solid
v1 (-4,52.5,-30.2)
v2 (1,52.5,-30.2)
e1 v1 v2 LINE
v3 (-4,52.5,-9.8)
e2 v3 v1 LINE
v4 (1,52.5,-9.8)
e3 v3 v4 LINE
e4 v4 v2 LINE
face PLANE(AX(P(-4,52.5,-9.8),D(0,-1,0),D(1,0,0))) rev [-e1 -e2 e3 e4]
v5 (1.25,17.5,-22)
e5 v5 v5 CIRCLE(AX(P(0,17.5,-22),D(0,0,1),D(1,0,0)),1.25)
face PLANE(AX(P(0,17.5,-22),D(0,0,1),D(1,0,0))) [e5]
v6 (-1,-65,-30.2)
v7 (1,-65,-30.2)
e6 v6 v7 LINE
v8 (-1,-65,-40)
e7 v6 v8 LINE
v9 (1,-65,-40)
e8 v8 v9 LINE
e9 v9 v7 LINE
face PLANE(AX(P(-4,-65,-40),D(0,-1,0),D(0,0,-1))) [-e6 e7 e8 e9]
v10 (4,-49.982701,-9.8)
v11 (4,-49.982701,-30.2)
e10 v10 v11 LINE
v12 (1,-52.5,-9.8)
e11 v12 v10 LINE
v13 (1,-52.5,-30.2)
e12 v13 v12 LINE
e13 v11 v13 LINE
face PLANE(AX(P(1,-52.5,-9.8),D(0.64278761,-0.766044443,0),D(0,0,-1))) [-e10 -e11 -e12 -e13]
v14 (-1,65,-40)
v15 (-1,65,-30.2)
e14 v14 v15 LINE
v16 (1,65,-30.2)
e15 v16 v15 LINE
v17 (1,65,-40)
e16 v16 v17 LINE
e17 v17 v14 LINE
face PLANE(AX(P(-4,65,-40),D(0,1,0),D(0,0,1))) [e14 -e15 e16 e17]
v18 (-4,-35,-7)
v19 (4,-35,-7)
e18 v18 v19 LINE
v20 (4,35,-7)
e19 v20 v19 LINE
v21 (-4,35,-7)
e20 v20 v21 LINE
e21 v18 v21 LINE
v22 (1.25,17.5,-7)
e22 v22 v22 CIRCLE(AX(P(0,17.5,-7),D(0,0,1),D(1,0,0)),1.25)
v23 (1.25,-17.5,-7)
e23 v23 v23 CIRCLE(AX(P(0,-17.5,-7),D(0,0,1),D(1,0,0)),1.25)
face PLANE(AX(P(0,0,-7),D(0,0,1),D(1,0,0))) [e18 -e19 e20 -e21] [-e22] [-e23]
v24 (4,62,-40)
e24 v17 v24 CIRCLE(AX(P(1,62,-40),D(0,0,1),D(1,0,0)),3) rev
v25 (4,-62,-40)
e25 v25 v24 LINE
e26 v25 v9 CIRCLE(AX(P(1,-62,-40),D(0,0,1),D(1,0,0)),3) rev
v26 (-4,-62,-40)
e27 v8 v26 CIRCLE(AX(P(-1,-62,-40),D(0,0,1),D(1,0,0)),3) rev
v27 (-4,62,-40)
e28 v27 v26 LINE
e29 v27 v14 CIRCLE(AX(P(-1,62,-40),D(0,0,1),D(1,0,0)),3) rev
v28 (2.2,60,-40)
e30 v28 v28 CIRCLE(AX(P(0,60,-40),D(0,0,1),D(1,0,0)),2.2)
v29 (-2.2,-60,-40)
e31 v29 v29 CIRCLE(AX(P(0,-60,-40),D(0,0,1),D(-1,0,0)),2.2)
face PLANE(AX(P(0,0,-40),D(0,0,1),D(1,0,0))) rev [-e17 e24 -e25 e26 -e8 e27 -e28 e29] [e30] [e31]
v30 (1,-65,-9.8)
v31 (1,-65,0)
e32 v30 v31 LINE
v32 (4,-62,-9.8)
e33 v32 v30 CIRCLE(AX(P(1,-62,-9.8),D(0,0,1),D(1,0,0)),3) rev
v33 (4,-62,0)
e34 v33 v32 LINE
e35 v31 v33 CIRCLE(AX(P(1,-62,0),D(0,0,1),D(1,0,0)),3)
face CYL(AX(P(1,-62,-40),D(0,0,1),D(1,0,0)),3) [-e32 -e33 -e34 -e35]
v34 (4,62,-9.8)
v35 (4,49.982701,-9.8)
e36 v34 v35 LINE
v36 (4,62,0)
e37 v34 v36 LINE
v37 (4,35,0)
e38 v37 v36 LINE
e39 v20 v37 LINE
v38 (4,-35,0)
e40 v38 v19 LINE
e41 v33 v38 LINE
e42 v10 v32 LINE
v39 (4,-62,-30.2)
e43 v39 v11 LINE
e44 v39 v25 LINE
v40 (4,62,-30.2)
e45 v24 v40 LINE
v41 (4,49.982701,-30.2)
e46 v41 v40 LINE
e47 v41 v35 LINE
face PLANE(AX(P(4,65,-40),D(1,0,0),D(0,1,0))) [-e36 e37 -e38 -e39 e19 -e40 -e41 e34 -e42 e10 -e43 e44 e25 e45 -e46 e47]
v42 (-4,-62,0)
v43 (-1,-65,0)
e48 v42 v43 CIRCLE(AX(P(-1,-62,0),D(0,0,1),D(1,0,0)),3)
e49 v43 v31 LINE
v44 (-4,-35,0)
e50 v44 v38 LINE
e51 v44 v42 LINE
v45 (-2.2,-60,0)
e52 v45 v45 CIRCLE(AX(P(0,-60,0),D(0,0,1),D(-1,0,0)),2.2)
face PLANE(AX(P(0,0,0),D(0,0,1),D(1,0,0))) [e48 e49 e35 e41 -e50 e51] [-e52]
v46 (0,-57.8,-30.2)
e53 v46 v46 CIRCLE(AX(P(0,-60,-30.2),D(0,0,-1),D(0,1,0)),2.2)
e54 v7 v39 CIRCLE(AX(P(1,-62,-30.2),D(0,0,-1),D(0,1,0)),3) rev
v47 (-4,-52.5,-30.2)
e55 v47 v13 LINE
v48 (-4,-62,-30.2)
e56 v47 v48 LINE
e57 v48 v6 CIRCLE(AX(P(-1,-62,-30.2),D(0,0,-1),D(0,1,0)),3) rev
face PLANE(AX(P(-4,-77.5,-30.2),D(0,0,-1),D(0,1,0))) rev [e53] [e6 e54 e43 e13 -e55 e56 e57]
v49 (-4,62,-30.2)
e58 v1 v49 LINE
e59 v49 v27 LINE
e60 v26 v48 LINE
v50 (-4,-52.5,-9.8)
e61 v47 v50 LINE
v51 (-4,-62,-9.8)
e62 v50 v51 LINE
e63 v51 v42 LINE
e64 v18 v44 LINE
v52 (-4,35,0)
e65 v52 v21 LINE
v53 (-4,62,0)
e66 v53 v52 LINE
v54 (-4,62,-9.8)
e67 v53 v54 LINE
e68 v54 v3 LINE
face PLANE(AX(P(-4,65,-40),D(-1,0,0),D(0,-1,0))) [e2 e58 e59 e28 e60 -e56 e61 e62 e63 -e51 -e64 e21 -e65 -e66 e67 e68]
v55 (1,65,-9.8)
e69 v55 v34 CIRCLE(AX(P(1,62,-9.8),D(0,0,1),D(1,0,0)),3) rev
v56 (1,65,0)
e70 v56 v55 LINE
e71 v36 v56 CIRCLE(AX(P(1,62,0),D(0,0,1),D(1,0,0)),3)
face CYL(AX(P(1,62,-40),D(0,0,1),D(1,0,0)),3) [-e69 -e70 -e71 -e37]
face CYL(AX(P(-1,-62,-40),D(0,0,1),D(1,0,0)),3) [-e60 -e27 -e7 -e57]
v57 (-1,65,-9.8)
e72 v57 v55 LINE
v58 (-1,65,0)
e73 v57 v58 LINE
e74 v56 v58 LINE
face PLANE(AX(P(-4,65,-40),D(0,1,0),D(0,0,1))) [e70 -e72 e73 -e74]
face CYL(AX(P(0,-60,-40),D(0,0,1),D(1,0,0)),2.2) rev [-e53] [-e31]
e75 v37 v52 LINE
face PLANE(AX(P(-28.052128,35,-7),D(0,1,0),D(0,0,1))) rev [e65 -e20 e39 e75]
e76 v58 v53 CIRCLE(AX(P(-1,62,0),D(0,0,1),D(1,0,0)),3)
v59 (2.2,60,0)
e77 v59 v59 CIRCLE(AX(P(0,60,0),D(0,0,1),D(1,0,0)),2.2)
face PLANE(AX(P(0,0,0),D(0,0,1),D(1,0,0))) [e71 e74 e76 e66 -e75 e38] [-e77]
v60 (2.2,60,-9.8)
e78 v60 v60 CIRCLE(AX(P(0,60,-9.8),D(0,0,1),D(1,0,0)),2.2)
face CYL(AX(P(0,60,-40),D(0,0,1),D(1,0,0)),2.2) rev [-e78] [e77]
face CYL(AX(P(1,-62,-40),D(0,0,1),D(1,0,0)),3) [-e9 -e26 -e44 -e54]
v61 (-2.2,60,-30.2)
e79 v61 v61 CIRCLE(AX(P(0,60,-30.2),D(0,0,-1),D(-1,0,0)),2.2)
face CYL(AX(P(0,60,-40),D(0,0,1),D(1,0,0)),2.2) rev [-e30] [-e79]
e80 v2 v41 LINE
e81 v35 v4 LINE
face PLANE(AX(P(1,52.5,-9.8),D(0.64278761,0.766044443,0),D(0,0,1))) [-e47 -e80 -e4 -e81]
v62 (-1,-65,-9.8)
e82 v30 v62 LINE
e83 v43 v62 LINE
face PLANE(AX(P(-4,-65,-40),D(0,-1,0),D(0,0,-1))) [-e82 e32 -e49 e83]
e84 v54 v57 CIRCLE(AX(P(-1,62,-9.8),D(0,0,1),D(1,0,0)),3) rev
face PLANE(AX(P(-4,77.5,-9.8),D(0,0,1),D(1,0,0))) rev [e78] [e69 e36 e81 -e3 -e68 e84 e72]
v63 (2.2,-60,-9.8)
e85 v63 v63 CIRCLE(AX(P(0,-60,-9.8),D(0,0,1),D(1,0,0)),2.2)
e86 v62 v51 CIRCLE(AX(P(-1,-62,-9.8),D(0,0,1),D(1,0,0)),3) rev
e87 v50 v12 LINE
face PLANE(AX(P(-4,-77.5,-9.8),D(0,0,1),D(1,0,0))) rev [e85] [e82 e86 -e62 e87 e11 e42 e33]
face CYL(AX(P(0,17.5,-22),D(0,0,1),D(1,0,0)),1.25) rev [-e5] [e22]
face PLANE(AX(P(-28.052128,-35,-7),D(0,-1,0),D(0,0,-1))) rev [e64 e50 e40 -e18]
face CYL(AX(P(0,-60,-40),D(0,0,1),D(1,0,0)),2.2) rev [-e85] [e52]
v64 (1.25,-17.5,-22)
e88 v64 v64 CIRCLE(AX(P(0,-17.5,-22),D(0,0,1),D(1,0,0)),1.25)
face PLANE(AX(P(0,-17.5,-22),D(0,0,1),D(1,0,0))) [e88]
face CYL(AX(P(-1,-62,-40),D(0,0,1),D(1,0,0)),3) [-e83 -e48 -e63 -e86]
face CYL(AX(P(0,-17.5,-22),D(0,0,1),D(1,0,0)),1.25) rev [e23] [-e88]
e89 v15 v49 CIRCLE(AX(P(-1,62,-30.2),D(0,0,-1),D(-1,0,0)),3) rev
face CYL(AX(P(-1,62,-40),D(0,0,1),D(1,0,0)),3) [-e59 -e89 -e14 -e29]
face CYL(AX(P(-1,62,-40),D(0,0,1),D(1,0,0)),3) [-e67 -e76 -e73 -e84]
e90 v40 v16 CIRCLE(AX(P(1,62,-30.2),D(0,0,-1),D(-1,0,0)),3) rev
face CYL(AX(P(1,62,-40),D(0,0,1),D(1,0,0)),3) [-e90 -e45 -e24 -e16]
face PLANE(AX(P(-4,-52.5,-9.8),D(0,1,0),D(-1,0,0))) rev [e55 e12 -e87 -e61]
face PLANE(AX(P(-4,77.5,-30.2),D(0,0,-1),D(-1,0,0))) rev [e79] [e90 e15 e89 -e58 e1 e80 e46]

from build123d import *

# Parameters (mm, degrees)
SKETCH1_W             = 8
SKETCH1_H             = 130
BOSS_EXTRUDE1_DEPTH   = 40
SKETCH2_W             = 20.4
SKETCH2_H             = 25
CUT_EXTRUDE1_DEPTH    = 9
FILLET1_R             = 3
SKETCH3_R             = 2.2
CUT_EXTRUDE2_DEPTH    = 41
SKETCH4_W             = 56.10425639
SKETCH4_H             = 70
CUT_EXTRUDE3_DEPTH    = 7
SKETCH5_R             = 1.25
CUT_EXTRUDE4_DEPTH    = 15
CHAMFER1_SIZE         = 3
CHAMFER1_SIZE2        = 2.517298894
CHAMFER1_PART_2_SIZE  = 3
CHAMFER1_PART_2_SIZE2 = 2.517298894


with BuildPart() as part:
    # Sketch1 → Boss-Extrude1 (new body)
    with BuildSketch(Plane.XY):
        Rectangle(SKETCH1_W, SKETCH1_H)
    extrude(amount=-BOSS_EXTRUDE1_DEPTH)

    # Sketch2 → Cut-Extrude1 (cut, through all)
    with BuildSketch(Plane(origin=(4, 0, 0), x_dir=(0, 0, -1), z_dir=(1, 0, 0))):
        with Locations((20, 65)):
            Rectangle(SKETCH2_W, SKETCH2_H)
        with Locations((20, -65)):
            Rectangle(SKETCH2_W, SKETCH2_H)
    extrude(amount=-CUT_EXTRUDE1_DEPTH, mode=Mode.SUBTRACT)

    # Fillet1
    fillet1_edges = [part.edges().sort_by_distance(p)[0] for p in [
        (4, 65, -4.9),
        (-4, 65, -4.9),
        (-4, -65, -4.9),
        (4, -65, -4.9),
        (4, -65, -35.1),
        (-4, -65, -35.1),
        (-4, 65, -35.1),
        (4, 65, -35.1),
    ]]
    fillet(fillet1_edges, radius=FILLET1_R)

    # Sketch3 → Cut-Extrude2 (cut, through all)
    with BuildSketch(Plane.XY):
        with Locations((0, 60)):
            Circle(SKETCH3_R)
        with Locations((0, -60)):
            Circle(SKETCH3_R)
    extrude(amount=-CUT_EXTRUDE2_DEPTH, mode=Mode.SUBTRACT)

    # Sketch4 → Cut-Extrude3 (cut)
    with BuildSketch(Plane.XY):
        Rectangle(SKETCH4_W, SKETCH4_H)
    extrude(amount=-CUT_EXTRUDE3_DEPTH, mode=Mode.SUBTRACT)

    # Sketch5 → Cut-Extrude4 (cut)
    with BuildSketch(Plane.XY.offset(-7)):
        with Locations((0, 17.5)):
            Circle(SKETCH5_R)
        with Locations((0, -17.5)):
            Circle(SKETCH5_R)
    extrude(amount=-CUT_EXTRUDE4_DEPTH, mode=Mode.SUBTRACT)

    # Chamfer1
    chamfer1_edges = [part.edges().sort_by_distance(p)[0] for p in [
        (4, 52.5, -20),
    ]]
    chamfer1_side = [part.faces().sort_by_distance(p)[0] for p in [
        (0, 52.5, -20),
    ]]
    chamfer(chamfer1_edges, length=CHAMFER1_SIZE, length2=CHAMFER1_SIZE2, reference=chamfer1_side[0])

    # Chamfer1 part 2
    chamfer1_part_2_edges = [part.edges().sort_by_distance(p)[0] for p in [
        (4, -52.5, -20),
    ]]
    chamfer1_part_2_side = [part.faces().sort_by_distance(p)[0] for p in [
        (0, -52.5, -20),
    ]]
    chamfer(chamfer1_part_2_edges, length=CHAMFER1_PART_2_SIZE, length2=CHAMFER1_PART_2_SIZE2, reference=chamfer1_part_2_side[0])


solid = part.part
